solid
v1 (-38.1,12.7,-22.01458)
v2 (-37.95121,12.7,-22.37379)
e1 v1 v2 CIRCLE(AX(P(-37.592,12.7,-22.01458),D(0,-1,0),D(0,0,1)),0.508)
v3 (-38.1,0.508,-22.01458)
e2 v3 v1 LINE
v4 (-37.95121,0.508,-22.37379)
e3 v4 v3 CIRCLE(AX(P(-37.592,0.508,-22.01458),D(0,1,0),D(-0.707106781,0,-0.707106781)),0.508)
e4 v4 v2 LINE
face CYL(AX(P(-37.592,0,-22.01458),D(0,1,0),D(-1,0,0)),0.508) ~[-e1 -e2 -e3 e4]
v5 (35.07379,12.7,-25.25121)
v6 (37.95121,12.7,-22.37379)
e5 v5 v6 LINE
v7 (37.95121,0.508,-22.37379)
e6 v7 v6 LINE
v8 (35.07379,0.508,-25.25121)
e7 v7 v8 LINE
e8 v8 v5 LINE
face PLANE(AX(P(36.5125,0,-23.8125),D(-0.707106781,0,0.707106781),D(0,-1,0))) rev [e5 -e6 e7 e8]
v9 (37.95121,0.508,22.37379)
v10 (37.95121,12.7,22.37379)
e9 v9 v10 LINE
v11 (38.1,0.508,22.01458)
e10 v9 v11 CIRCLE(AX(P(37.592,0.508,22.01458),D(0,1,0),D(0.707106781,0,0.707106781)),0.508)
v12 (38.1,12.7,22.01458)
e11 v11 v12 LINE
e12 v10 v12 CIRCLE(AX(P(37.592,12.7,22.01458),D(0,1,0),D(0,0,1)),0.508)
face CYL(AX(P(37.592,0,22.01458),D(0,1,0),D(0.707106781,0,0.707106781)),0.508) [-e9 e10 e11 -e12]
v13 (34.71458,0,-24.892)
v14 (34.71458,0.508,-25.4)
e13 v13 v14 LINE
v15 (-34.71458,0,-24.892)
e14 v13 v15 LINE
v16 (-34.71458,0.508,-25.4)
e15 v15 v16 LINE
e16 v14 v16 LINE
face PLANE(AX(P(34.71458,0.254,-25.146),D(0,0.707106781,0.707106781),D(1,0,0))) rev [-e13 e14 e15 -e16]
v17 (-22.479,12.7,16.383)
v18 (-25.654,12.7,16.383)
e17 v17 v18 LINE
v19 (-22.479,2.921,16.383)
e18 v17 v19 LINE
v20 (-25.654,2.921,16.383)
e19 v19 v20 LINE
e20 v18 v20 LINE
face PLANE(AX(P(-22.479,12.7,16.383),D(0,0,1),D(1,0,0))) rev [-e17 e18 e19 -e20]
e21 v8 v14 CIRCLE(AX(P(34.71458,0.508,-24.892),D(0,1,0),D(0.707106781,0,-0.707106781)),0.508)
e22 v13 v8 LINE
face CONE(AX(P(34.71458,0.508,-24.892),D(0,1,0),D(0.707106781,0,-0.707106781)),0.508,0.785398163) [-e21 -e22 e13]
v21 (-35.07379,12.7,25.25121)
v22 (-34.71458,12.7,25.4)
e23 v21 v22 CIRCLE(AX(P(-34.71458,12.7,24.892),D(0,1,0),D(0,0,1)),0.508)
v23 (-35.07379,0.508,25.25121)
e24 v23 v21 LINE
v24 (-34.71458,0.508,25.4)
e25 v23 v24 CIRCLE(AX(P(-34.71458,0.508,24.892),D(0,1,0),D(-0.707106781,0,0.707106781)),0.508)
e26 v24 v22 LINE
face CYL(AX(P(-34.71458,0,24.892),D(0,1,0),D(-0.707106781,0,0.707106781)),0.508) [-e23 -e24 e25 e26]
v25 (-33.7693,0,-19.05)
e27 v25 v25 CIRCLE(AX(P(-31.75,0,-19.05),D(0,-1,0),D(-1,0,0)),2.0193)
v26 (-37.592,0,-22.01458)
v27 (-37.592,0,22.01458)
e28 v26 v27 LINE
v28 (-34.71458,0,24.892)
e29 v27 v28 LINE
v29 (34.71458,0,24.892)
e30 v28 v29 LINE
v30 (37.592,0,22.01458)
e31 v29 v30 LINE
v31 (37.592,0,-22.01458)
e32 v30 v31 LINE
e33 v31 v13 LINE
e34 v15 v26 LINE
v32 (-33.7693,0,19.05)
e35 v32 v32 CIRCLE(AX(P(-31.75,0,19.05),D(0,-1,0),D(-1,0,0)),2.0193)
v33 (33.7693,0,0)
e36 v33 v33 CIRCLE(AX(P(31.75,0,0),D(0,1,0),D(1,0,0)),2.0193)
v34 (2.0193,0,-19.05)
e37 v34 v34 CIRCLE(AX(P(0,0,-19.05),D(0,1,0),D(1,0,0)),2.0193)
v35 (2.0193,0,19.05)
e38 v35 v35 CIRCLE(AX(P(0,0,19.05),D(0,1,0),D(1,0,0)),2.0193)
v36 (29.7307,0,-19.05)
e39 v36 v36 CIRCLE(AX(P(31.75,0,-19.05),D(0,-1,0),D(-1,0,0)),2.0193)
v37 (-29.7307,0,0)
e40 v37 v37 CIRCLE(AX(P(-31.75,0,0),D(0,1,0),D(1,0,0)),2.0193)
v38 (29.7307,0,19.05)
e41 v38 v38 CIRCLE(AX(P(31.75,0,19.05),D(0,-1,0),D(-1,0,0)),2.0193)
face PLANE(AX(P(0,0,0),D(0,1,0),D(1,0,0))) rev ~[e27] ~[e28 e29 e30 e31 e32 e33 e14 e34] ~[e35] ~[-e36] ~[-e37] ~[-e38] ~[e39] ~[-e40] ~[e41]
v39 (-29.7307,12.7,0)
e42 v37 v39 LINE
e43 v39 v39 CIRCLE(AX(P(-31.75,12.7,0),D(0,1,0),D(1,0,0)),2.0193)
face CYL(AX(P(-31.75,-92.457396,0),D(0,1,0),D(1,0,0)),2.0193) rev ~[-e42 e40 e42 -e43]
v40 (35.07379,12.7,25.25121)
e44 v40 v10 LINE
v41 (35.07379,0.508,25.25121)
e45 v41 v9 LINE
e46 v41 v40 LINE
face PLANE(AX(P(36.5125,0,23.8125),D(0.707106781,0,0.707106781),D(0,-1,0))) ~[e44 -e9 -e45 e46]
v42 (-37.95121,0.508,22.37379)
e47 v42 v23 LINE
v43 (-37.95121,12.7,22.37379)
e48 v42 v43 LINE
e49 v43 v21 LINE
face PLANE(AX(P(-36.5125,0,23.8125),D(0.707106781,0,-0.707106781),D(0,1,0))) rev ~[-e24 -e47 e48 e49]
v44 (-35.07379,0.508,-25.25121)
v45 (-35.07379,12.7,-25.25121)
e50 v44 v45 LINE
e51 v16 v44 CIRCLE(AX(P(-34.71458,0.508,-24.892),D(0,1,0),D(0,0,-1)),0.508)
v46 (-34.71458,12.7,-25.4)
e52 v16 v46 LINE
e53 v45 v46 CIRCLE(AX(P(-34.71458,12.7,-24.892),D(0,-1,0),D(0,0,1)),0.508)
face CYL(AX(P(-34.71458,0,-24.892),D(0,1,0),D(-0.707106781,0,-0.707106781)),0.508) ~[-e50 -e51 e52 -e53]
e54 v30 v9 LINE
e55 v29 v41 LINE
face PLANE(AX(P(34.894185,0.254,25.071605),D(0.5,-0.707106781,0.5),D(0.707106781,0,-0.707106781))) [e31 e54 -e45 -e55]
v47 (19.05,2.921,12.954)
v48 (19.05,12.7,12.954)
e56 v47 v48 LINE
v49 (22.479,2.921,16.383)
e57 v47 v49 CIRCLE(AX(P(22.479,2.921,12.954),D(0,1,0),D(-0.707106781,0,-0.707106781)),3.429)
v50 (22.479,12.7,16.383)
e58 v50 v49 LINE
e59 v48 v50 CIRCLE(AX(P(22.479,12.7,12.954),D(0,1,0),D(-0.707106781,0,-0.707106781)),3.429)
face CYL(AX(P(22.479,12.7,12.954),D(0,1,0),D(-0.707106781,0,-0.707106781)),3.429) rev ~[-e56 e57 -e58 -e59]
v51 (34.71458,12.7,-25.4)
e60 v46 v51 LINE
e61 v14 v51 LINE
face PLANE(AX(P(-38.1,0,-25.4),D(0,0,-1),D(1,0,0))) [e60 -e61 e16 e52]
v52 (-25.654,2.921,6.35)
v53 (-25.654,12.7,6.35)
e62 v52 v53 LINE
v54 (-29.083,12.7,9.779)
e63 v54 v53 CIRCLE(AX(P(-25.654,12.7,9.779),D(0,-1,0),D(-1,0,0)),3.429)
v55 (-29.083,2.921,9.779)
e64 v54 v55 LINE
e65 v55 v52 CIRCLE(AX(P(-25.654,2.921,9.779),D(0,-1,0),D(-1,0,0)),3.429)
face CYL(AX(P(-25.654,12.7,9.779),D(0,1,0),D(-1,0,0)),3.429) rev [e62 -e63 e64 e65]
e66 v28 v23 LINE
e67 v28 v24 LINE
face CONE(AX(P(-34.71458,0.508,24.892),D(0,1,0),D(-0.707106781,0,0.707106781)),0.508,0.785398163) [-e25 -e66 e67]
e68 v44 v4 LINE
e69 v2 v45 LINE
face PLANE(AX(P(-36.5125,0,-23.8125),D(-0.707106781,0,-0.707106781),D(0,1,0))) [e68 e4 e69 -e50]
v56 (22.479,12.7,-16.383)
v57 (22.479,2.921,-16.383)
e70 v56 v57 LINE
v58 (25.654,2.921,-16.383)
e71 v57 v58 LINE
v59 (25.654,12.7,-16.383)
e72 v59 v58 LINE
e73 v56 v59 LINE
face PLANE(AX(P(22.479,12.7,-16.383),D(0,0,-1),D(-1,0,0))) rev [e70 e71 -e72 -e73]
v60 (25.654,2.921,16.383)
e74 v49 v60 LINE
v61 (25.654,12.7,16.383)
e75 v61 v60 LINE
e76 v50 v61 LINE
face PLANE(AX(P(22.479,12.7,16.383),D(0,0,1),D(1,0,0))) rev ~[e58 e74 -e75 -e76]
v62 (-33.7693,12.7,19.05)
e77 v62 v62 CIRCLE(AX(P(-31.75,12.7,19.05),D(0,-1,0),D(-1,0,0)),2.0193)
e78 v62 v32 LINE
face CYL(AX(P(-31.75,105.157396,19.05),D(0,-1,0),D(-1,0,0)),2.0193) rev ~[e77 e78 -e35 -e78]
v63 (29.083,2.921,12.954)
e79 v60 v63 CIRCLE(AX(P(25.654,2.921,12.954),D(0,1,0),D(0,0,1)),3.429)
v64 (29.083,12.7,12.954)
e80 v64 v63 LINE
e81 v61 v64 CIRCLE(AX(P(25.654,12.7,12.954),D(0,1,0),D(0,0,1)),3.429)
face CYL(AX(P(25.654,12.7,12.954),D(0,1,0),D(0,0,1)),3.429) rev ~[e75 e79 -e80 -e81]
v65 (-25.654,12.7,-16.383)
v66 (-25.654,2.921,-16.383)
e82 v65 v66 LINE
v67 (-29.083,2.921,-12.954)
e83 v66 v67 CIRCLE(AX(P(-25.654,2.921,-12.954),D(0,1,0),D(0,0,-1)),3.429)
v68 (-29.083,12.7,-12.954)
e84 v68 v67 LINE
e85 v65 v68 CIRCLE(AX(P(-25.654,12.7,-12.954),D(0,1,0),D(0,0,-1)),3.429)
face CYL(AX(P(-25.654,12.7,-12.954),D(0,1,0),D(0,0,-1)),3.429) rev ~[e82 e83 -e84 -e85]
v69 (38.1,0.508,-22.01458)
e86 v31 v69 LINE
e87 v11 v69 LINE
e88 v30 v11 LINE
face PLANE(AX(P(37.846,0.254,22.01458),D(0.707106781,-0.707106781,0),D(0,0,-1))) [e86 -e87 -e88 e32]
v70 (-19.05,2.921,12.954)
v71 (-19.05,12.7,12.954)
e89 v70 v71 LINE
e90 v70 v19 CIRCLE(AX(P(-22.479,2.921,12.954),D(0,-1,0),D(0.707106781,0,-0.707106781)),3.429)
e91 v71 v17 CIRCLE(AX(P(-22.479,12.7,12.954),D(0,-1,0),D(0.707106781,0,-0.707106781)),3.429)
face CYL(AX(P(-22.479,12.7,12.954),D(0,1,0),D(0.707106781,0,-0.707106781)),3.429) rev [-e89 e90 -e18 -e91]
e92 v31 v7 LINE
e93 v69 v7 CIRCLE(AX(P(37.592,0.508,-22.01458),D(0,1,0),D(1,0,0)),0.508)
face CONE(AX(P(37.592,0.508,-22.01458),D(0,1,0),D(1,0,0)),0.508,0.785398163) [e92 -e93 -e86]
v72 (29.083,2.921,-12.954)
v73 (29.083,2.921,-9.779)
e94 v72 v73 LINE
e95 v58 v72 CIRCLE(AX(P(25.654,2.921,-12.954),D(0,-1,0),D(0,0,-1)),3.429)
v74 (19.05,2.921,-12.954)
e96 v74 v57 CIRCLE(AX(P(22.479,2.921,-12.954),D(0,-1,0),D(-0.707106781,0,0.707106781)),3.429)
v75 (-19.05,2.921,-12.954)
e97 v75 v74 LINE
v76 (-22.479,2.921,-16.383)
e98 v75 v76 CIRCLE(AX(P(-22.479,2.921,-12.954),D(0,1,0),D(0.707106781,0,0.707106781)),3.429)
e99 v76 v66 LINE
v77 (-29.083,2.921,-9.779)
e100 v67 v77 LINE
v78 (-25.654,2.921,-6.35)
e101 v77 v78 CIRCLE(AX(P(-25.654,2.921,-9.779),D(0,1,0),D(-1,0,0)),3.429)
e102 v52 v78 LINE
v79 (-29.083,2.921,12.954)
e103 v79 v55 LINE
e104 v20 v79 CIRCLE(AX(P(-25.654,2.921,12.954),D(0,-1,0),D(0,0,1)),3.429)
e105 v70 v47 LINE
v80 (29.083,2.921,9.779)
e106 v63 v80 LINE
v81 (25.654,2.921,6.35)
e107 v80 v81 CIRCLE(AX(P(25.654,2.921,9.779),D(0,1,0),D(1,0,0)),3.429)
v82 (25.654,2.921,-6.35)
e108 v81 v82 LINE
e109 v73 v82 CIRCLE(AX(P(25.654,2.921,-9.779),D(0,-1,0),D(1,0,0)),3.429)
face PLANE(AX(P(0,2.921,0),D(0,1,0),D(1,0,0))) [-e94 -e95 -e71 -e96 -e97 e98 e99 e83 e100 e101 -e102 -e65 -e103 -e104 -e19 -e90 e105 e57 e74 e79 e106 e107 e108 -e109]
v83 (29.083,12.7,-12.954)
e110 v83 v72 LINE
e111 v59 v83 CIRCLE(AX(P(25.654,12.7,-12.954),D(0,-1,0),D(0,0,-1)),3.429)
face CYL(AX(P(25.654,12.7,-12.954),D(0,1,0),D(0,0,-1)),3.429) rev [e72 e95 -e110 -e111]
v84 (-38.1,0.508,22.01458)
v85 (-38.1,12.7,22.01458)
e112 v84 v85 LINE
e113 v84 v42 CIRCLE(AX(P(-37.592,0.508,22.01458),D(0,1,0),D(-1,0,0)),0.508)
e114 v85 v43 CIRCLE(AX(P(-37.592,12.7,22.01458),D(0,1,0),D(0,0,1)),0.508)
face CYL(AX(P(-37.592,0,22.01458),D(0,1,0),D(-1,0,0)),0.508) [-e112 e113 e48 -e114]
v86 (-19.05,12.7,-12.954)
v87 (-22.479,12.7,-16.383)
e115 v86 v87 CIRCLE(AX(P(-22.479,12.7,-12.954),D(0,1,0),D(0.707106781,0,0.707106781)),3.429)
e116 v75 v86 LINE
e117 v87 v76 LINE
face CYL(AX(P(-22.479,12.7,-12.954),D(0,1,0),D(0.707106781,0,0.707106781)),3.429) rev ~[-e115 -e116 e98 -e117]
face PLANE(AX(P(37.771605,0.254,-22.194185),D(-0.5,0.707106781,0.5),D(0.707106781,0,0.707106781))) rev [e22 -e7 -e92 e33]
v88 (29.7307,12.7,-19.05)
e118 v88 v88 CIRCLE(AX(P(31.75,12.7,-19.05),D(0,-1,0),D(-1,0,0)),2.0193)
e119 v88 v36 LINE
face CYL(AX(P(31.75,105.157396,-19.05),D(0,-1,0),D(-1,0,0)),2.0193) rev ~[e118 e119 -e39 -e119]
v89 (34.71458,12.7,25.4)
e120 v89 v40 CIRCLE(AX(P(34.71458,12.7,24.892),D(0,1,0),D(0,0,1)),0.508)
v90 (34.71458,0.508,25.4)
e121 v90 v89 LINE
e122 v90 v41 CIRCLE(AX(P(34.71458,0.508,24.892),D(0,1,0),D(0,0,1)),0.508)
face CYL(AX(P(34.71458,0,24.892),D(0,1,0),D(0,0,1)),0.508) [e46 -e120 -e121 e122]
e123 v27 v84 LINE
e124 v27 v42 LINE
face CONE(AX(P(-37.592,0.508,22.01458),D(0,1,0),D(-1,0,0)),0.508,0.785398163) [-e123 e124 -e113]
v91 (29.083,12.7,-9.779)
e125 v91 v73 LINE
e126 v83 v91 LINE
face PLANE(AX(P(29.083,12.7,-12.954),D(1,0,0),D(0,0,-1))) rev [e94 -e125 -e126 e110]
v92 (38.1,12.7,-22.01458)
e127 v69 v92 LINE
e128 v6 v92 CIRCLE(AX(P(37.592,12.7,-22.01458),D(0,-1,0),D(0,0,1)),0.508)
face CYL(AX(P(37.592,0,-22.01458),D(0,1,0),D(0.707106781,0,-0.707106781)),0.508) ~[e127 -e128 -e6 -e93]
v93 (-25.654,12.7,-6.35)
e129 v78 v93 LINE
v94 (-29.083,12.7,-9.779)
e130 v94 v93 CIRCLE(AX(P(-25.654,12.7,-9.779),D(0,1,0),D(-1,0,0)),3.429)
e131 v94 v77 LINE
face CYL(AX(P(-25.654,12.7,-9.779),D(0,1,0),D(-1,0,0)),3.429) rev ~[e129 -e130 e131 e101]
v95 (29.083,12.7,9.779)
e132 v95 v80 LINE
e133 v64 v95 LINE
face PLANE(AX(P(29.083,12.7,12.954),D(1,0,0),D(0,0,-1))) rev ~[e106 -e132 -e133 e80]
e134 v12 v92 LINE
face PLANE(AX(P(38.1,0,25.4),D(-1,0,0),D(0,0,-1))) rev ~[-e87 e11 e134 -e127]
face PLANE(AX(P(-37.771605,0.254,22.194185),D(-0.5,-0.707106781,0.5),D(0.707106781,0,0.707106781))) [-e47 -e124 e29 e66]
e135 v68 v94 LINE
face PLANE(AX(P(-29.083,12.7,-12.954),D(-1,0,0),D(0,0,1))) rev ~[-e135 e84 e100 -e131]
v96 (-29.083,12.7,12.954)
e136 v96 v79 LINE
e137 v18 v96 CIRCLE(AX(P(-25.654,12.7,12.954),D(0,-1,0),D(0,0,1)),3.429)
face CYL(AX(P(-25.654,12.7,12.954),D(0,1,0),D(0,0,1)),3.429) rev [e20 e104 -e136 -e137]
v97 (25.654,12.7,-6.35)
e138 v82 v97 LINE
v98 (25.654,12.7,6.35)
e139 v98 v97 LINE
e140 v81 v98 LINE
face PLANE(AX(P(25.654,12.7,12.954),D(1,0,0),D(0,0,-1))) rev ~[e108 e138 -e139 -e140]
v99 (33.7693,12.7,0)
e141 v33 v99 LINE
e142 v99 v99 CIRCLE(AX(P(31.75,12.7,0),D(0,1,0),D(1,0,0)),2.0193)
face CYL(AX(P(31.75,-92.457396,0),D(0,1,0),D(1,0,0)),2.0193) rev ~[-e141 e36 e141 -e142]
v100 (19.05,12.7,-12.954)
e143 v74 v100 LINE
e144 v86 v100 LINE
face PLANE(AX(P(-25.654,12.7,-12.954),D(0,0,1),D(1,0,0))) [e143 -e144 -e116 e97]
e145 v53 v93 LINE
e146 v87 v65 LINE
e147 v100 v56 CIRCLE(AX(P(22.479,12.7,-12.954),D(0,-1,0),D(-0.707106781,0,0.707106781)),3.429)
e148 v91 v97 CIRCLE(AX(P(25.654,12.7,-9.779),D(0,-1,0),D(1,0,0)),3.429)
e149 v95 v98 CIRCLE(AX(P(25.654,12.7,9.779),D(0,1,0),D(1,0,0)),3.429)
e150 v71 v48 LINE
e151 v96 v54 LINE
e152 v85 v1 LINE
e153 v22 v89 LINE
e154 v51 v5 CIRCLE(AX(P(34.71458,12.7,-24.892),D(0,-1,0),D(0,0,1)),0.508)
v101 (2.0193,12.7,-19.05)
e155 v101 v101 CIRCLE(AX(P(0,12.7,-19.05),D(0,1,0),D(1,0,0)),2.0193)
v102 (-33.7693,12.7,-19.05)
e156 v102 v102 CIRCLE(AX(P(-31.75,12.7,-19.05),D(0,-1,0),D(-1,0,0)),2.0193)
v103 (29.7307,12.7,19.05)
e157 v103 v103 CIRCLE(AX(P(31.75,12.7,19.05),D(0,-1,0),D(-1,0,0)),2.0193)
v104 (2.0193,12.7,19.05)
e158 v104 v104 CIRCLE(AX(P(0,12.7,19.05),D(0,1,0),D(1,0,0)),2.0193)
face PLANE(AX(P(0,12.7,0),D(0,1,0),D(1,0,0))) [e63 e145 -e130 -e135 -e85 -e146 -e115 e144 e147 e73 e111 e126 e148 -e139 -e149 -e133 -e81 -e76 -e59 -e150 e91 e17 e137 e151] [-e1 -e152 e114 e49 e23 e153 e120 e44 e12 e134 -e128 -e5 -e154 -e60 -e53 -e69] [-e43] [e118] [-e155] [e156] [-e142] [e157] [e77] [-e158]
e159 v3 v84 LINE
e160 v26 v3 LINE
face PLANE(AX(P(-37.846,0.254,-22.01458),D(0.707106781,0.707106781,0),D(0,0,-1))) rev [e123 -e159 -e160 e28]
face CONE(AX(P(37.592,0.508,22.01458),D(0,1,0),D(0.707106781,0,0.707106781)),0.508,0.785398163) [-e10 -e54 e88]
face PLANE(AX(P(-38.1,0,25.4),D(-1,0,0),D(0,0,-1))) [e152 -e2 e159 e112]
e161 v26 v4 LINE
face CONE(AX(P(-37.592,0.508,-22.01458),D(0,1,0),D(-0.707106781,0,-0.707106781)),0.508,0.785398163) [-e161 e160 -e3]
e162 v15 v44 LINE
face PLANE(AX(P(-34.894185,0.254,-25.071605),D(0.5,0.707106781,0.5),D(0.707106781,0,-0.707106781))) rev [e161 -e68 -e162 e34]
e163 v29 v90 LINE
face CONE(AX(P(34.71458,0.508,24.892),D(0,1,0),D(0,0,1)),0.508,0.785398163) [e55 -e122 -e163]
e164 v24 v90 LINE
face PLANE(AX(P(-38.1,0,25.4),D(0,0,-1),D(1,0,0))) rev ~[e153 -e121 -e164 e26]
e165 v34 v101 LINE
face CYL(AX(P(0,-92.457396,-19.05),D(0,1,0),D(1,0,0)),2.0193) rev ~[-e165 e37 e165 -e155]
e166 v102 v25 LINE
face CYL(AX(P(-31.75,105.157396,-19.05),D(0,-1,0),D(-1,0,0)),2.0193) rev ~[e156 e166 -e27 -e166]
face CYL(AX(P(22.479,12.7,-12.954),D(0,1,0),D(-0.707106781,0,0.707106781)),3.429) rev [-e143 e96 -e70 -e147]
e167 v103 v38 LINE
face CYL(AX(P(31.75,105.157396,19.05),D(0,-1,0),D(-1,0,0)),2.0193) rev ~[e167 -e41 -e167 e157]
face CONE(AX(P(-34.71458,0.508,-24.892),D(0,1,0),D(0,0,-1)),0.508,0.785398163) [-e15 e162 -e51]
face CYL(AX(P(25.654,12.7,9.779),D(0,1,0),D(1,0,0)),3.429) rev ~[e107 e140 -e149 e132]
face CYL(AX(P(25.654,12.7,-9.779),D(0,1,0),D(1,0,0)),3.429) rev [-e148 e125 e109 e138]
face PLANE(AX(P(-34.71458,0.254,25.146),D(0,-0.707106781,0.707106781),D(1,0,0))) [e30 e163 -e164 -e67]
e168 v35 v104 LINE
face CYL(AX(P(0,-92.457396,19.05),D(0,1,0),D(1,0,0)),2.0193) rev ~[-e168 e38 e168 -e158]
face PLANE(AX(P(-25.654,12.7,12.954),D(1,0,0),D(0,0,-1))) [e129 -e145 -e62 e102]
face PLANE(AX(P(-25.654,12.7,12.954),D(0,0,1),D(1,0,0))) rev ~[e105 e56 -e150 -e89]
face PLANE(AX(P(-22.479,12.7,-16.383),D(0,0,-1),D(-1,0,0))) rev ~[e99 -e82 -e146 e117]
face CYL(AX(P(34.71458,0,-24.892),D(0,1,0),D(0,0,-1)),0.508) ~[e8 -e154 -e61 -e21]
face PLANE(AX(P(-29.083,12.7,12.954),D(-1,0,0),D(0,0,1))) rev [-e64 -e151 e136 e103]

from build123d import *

# Parameters (mm, degrees)
SKETCH1_W              = 76.2
SKETCH1_H              = 50.8
BOSS_EXTRUDE1_DEPTH    = 12.7
SKETCH2_W              = 51.308
SKETCH2_H              = 25.908
CUT_EXTRUDE1_DEPTH     = 9.779
CUT_EXTRUDE2_DEPTH     = 9.779
MIRROR2_COPY_1_DEPTH   = 9.779
F_10_32_TAPPED_HOLE1_D = 4.0386
CHAMFER1_SIZE          = 3.175
FILLET1_R              = 0.508
CHAMFER2_SIZE          = 0.508
F_10_32_TAPPED_HOLE2_D = 4.0386


with BuildPart() as part:
    # Sketch1 → Boss-Extrude1 (new body)
    with BuildSketch(Plane(origin=(0, 0, 0), x_dir=(1, 0, 0), z_dir=(0, 1, 0))):
        Rectangle(SKETCH1_W, SKETCH1_H)
    extrude(amount=BOSS_EXTRUDE1_DEPTH)

    # Sketch2 → Cut-Extrude1 (cut)
    with BuildSketch(Plane(origin=(0, 12.7, 0), x_dir=(1, 0, 0), z_dir=(0, 1, 0))):
        Rectangle(SKETCH2_W, SKETCH2_H)
    extrude(amount=-CUT_EXTRUDE1_DEPTH, mode=Mode.SUBTRACT)

    # Sketch3 → Cut-Extrude2 (cut)
    with BuildSketch(Plane(origin=(0, 12.7, 0), x_dir=(1, 0, 0), z_dir=(0, 1, 0))):
        with BuildLine():
            Line((-22.479, 16.383), (-25.654, 16.383))
            ThreePointArc((-25.654, 16.383), (-28.078669153, 15.378669153), (-29.083, 12.954))
            Line((-29.083, 12.954), (-29.083, 9.779))
            ThreePointArc((-29.083, 9.779), (-26.96622149, 6.611017083), (-23.229330847, 7.354330847))
            Line((-23.229330847, 7.354330847), (-20.054330847, 10.529330847))
            ThreePointArc((-20.054330847, 10.529330847), (-19.311017083, 14.26622149), (-22.479, 16.383))
        make_face()
    cut_extrude2 = extrude(amount=-CUT_EXTRUDE2_DEPTH, mode=Mode.SUBTRACT)

    # Mirror1: Cut-Extrude2 across plane
    add(cut_extrude2.mirror(Plane.XY), mode=Mode.SUBTRACT)

    # Mirror2: Cut-Extrude2 across plane
    add(cut_extrude2.mirror(Plane(origin=(0, 0, 0), x_dir=(0, 0, 1), z_dir=(1, 0, 0))), mode=Mode.SUBTRACT)

    # Mirror2 copy 1 sketch → Mirror2 copy 1 (cut)
    with BuildSketch(Plane(origin=(0, 12.7, 0), x_dir=(-1, 0, 0), z_dir=(0, 1, 0))):
        with BuildLine():
            Line((-22.479, 16.383), (-25.654, 16.383))
            ThreePointArc((-25.654, 16.383), (-28.078669153, 15.378669153), (-29.083, 12.954))
            Line((-29.083, 12.954), (-29.083, 9.779))
            ThreePointArc((-29.083, 9.779), (-26.96622149, 6.611017083), (-23.229330847, 7.354330847))
            Line((-23.229330847, 7.354330847), (-20.054330847, 10.529330847))
            ThreePointArc((-20.054330847, 10.529330847), (-19.311017083, 14.26622149), (-22.479, 16.383))
        make_face()
    extrude(amount=-MIRROR2_COPY_1_DEPTH, mode=Mode.SUBTRACT)

    # #10-32 Tapped Hole1 (through all)
    with Locations(Plane(origin=(0, 12.7, 0), x_dir=(1, 0, 0), z_dir=(0, 1, 0))):
        with Locations((-31.75, 19.05), (31.75, 19.05), (31.75, -19.05), (-31.75, -19.05)):
            Hole(F_10_32_TAPPED_HOLE1_D / 2)

    # Chamfer1
    chamfer1_edges = [part.edges().sort_by_distance(p)[0] for p in [
        (38.1, 6.35, 25.4),
        (-38.1, 6.35, 25.4),
        (-38.1, 6.35, -25.4),
        (38.1, 6.35, -25.4),
    ]]
    chamfer(chamfer1_edges, length=CHAMFER1_SIZE)

    # Fillet1
    fillet1_edges = [part.edges().sort_by_distance(p)[0] for p in [
        (-38.1, 6.35, 22.225),
        (-38.1, 6.35, -22.225),
        (34.925, 6.35, -25.4),
        (-34.925, 6.35, -25.4),
        (38.1, 6.35, 22.225),
        (38.1, 6.35, -22.225),
        (-34.925, 6.35, 25.4),
        (34.925, 6.35, 25.4),
    ]]
    fillet(fillet1_edges, radius=FILLET1_R)

    # Chamfer2
    chamfer2_edges = [part.edges().sort_by_distance(p)[0] for p in [
        (38.1, 0, 0),
        (36.5125, 0, -23.8125),
        (-38.1, 0, 0),
        (-36.5125, 0, -23.8125),
        (0, 0, -25.4),
        (36.5125, 0, 23.8125),
        (0, 0, 25.4),
        (-36.5125, 0, 23.8125),
        (34.908982694, 0, 25.361330803),
        (38.061330803, 0, 22.208982694),
        (-38.061330803, 0, 22.208982694),
        (-34.908982694, 0, 25.361330803),
        (-38.061330803, 0, -22.208982694),
        (-34.908982694, 0, -25.361330803),
        (34.908982694, 0, -25.361330803),
        (38.061330803, 0, -22.208982694),
    ]]
    chamfer(chamfer2_edges, length=CHAMFER2_SIZE)

    # #10-32 Tapped Hole2 (through all)
    with Locations(Plane(origin=(0, 0, 0), x_dir=(-1, 0, 0), z_dir=(0, -1, 0))):
        with Locations((0, 19.05), (0, -19.05), (31.75, 0), (-31.75, 0)):
            Hole(F_10_32_TAPPED_HOLE2_D / 2)


solid = part.part
